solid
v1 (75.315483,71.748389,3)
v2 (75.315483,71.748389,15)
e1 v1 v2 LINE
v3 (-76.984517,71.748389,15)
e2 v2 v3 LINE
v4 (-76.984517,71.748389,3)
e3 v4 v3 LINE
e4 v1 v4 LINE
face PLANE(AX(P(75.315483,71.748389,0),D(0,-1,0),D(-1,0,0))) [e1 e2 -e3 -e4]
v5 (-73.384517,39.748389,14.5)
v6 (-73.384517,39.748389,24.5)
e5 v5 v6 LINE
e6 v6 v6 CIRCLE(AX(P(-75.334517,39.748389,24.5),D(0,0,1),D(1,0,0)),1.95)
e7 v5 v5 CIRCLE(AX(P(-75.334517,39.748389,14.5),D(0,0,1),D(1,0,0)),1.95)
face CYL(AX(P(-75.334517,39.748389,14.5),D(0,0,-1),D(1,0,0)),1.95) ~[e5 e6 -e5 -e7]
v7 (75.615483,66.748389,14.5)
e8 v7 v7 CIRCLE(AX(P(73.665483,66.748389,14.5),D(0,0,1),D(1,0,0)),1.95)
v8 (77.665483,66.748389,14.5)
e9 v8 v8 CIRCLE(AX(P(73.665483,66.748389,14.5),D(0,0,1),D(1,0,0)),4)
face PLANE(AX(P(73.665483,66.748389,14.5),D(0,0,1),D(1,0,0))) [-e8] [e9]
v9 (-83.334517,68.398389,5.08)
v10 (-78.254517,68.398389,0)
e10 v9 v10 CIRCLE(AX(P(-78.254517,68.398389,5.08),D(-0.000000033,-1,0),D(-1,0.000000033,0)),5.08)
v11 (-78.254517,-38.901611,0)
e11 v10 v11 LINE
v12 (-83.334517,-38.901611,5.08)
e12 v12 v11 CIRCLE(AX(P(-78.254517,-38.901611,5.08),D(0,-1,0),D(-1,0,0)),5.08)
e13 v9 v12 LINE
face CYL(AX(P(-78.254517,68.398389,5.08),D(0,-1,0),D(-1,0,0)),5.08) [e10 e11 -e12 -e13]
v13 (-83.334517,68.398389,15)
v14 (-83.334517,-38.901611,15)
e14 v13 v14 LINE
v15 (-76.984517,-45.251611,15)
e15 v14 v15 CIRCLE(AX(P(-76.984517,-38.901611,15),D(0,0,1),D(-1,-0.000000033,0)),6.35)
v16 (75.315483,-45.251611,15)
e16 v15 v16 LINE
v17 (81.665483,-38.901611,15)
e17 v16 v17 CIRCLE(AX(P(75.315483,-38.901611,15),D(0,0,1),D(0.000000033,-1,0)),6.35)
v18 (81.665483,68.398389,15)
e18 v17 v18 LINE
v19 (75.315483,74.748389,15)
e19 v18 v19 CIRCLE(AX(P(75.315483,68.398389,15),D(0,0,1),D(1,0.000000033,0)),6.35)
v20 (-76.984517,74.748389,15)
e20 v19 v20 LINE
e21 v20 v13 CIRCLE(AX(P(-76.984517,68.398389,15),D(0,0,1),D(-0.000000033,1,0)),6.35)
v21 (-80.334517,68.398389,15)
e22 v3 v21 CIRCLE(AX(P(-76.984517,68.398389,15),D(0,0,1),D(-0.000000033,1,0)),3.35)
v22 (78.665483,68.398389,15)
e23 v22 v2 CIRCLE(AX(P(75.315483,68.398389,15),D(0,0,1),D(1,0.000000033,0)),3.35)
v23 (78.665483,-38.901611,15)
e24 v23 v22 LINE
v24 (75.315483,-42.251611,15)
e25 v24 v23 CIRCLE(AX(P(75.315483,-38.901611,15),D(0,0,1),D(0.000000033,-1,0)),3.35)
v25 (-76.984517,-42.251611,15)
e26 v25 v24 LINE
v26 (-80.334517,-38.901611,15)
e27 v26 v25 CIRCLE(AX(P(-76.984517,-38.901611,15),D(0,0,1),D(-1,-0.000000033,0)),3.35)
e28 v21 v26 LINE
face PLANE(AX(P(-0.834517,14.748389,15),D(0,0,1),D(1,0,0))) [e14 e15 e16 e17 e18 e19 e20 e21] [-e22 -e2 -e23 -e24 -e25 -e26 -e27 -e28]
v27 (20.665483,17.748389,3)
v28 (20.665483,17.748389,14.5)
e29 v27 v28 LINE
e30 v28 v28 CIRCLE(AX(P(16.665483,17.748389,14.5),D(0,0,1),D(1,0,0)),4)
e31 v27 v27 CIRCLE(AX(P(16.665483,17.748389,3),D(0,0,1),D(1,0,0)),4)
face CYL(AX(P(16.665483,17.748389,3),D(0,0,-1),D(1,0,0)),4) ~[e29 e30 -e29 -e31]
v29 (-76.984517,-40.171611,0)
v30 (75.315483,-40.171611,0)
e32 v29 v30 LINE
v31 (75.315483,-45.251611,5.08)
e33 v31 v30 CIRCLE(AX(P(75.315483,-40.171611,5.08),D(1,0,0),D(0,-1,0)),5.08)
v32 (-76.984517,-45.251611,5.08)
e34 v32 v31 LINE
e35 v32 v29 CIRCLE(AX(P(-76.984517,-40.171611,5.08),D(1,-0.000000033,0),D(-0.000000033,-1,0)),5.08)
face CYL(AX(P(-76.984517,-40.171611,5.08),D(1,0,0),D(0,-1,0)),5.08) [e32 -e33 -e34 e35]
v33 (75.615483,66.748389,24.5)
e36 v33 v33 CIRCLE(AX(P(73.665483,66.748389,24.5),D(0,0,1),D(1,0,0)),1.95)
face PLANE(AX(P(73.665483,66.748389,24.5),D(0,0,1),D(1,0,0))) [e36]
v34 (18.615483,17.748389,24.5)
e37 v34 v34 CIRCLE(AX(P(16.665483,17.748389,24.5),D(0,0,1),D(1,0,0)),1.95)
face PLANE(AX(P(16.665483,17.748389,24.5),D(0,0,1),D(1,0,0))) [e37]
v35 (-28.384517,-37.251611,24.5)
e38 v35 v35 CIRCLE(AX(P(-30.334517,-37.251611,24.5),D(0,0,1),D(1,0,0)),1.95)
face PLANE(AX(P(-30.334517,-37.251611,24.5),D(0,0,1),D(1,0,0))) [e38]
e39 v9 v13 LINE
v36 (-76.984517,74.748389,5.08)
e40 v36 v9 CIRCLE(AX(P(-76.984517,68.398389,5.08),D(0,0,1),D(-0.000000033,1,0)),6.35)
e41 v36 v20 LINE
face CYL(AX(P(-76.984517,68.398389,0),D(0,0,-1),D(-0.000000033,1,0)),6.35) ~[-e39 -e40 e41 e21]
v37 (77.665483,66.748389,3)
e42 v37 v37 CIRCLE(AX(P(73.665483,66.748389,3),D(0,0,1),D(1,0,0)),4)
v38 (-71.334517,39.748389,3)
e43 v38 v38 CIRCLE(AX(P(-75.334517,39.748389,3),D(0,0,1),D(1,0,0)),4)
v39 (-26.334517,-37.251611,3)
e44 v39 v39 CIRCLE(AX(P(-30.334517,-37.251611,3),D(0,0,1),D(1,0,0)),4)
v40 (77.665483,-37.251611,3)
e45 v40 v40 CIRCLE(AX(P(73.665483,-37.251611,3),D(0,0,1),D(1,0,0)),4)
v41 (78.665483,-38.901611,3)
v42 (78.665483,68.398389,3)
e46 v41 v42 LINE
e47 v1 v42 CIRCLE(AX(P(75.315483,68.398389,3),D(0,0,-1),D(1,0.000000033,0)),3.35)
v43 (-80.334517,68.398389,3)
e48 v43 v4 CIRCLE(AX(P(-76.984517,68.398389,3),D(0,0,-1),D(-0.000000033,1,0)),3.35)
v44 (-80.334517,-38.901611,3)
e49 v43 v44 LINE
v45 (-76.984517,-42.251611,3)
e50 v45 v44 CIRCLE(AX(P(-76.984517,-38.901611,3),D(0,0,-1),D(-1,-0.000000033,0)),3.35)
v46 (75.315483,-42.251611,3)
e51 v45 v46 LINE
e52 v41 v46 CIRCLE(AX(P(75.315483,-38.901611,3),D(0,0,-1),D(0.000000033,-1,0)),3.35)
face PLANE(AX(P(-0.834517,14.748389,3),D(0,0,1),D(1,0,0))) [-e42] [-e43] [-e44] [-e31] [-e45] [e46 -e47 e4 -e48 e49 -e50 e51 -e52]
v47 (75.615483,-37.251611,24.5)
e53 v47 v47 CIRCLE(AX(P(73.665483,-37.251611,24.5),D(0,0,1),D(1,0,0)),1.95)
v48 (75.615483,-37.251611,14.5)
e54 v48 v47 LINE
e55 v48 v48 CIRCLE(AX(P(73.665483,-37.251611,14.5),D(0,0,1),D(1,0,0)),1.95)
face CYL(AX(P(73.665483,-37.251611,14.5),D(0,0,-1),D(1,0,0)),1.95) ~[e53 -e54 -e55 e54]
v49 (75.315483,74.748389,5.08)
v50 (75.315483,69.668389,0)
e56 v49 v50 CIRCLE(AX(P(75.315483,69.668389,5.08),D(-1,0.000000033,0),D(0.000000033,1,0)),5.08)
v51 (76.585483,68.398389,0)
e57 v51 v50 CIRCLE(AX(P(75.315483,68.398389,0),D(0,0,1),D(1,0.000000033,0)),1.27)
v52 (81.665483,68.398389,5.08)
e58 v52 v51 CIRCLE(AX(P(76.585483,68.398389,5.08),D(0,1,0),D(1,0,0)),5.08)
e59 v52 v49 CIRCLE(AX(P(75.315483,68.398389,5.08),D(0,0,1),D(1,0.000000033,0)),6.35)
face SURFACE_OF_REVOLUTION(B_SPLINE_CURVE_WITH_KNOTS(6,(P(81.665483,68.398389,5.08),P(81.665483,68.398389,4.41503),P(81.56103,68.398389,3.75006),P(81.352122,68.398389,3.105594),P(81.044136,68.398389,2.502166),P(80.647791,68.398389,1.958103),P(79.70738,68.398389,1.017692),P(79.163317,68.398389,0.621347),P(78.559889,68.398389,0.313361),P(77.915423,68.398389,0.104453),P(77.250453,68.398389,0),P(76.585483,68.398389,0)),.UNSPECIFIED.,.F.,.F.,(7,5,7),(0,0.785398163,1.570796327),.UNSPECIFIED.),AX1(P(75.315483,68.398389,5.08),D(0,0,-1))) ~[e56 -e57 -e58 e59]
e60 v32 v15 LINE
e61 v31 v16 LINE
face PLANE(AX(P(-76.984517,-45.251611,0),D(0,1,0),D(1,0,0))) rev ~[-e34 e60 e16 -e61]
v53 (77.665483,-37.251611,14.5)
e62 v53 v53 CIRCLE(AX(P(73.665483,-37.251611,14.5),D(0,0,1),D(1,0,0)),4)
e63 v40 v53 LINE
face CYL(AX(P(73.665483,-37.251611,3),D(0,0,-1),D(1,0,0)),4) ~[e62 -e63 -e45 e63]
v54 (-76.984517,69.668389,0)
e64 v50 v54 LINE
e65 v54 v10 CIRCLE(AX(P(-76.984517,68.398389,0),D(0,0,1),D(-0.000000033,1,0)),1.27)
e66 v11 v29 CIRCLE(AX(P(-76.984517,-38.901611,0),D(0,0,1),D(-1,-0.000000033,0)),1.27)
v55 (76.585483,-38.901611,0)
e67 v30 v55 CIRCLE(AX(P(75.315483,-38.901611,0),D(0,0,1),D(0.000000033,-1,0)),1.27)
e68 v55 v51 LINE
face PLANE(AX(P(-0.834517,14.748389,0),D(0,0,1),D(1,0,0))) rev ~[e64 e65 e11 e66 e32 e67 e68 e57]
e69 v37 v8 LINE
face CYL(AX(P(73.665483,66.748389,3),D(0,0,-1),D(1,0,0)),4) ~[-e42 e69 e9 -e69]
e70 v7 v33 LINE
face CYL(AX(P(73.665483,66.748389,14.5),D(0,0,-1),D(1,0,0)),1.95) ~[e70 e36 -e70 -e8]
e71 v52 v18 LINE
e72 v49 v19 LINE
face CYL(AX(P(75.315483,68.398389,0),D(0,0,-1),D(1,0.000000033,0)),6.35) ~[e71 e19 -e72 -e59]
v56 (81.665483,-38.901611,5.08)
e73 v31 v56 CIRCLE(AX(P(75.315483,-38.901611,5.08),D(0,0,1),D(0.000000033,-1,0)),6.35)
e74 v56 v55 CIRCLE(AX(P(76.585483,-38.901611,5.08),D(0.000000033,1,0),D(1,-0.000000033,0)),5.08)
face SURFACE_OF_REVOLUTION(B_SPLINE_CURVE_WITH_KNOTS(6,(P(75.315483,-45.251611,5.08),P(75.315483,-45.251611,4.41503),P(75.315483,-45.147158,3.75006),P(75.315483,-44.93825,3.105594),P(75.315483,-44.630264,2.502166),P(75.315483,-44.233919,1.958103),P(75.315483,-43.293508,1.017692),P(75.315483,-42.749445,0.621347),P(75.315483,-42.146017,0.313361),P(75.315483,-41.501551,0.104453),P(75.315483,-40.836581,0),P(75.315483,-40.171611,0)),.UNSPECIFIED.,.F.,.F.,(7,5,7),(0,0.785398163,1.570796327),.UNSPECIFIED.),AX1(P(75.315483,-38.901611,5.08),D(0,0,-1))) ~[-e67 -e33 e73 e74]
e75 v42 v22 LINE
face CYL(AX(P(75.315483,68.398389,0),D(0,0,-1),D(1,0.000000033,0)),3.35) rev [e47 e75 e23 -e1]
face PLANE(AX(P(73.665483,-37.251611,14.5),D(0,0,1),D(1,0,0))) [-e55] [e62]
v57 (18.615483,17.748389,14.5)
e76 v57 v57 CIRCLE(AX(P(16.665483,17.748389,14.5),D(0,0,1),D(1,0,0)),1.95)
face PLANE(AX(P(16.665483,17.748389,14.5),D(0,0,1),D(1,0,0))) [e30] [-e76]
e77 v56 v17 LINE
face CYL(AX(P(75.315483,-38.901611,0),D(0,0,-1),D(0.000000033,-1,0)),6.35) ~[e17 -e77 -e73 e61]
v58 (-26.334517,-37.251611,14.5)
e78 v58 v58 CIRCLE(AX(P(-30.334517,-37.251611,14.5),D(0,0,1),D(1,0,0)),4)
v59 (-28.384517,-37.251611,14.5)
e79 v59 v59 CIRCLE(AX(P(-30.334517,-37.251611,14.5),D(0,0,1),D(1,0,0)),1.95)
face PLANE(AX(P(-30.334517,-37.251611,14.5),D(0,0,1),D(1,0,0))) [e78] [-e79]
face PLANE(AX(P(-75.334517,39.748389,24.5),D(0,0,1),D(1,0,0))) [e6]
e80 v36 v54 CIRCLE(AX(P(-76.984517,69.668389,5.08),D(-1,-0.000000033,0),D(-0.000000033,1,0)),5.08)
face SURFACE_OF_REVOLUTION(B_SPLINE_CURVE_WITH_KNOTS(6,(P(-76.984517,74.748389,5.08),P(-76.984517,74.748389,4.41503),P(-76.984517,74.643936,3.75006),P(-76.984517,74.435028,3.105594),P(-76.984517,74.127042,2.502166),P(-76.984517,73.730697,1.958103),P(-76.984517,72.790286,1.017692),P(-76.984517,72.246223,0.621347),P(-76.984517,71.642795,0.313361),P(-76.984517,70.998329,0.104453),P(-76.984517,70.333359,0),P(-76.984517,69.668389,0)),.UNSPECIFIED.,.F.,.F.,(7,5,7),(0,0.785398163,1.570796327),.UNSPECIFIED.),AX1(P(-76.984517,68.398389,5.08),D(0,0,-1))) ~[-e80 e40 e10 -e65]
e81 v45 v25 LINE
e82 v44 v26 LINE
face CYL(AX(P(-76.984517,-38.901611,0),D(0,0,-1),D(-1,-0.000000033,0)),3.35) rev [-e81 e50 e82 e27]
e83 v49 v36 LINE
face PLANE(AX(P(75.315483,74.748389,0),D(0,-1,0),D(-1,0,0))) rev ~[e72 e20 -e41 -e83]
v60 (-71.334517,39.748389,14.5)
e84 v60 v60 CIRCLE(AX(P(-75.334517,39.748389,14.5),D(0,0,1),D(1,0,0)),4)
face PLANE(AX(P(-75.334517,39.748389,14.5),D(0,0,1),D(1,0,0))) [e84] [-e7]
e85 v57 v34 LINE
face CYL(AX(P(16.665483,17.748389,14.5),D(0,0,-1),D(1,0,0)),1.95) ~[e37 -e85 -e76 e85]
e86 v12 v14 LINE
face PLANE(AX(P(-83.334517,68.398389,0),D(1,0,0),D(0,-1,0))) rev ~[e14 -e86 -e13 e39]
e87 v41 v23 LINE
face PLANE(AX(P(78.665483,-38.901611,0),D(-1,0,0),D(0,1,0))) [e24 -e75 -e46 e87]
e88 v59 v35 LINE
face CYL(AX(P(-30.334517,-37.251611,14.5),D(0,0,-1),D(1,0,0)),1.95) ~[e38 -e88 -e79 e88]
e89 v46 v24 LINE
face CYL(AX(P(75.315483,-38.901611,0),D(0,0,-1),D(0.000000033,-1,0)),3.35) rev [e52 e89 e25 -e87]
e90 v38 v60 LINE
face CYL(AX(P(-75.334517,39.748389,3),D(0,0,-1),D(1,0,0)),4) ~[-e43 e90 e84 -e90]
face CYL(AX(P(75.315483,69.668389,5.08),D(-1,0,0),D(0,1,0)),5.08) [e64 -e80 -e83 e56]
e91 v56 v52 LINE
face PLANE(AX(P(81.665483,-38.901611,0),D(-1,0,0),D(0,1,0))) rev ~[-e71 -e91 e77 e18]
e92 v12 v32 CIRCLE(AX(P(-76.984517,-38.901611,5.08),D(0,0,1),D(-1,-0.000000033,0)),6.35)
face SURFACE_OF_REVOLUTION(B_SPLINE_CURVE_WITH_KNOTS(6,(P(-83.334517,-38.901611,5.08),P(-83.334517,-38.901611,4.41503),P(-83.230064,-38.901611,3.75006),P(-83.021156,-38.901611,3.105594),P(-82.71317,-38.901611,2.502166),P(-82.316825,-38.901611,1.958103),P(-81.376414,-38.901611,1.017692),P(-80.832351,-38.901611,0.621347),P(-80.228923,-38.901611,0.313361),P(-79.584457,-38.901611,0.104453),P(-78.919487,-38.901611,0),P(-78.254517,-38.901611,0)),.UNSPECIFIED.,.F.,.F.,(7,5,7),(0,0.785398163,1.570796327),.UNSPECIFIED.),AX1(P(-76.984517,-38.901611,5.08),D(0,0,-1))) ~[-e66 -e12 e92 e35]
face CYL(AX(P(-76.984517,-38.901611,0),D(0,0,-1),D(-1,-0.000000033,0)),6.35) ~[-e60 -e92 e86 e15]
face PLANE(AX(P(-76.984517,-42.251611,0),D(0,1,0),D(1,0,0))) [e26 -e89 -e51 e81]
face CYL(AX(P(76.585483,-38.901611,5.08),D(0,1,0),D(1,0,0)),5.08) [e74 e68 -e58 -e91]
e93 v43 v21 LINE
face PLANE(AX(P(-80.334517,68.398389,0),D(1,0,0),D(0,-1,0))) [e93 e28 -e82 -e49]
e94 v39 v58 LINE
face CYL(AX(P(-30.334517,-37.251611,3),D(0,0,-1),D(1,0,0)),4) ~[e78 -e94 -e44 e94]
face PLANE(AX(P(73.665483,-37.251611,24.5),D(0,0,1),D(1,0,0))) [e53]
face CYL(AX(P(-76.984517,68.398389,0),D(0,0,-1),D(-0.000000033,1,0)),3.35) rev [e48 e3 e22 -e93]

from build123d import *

# Parameters (mm, degrees)
F1_DEPTH = 15
F2_T     = -3
F3_R     = 5.08
F4_R     = 4
F5_DEPTH = 11.5
F6_R     = 1.95
F7_DEPTH = 10


with BuildPart() as f1:
    # F0 (on Top) → F1 (new body)
    with BuildSketch(Plane.XY):
        with BuildLine():
            ThreePointArc((-83.334517, -38.901611), (-81.474645, -43.391739), (-76.984517, -45.251611))
            Line((-76.984517, -45.251611), (75.315483, -45.251611))
            ThreePointArc((75.315483, -45.251611), (79.805611, -43.391739), (81.665483, -38.901611))
            Line((81.665483, -38.901611), (81.665483, 68.398389))
            ThreePointArc((81.665483, 68.398389), (79.805611, 72.888517), (75.315483, 74.748389))
            Line((75.315483, 74.748389), (-76.984517, 74.748389))
            ThreePointArc((-76.984517, 74.748389), (-81.474645, 72.888517), (-83.334517, 68.398389))
            Line((-83.334517, 68.398389), (-83.334517, -38.901611))
        make_face()
    extrude(amount=F1_DEPTH)

    # F2
    f2_openings = [f1.faces().sort_by_distance(p)[0] for p in [
        (-0.834517, 14.748389, 15),
    ]]
    offset(amount=F2_T, openings=f2_openings)

    # F3
    f3_edges = [f1.edges().sort_by_distance(p)[0] for p in [
        (-81.474645, 72.888517, 0),
    ]]
    fillet(f3_edges, radius=F3_R)

    # F4 (on face) → F5 (join)
    with BuildSketch(Plane.XY.offset(3)):
        with Locations((73.665483, -37.251611)):
            Circle(F4_R)
        with Locations((73.665483, 66.748389)):
            Circle(F4_R)
        with Locations((16.665483, 17.748389)):
            Circle(F4_R)
        with Locations((-75.334517, 39.748389)):
            Circle(F4_R)
        with Locations((-30.334517, -37.251611)):
            Circle(F4_R)
    extrude(amount=F5_DEPTH)

    # F6 (on face) → F7 (join)
    with BuildSketch(Plane.XY.offset(14.5)):
        with Locations((73.665483, -37.251611)):
            Circle(F6_R)
        with Locations((16.665483, 17.748389)):
            Circle(F6_R)
        with Locations((73.665483, 66.748389)):
            Circle(F6_R)
        with Locations((-30.334517, -37.251611)):
            Circle(F6_R)
        with Locations((-75.334517, 39.748389)):
            Circle(F6_R)
    extrude(amount=F7_DEPTH)


solid = f1.part
